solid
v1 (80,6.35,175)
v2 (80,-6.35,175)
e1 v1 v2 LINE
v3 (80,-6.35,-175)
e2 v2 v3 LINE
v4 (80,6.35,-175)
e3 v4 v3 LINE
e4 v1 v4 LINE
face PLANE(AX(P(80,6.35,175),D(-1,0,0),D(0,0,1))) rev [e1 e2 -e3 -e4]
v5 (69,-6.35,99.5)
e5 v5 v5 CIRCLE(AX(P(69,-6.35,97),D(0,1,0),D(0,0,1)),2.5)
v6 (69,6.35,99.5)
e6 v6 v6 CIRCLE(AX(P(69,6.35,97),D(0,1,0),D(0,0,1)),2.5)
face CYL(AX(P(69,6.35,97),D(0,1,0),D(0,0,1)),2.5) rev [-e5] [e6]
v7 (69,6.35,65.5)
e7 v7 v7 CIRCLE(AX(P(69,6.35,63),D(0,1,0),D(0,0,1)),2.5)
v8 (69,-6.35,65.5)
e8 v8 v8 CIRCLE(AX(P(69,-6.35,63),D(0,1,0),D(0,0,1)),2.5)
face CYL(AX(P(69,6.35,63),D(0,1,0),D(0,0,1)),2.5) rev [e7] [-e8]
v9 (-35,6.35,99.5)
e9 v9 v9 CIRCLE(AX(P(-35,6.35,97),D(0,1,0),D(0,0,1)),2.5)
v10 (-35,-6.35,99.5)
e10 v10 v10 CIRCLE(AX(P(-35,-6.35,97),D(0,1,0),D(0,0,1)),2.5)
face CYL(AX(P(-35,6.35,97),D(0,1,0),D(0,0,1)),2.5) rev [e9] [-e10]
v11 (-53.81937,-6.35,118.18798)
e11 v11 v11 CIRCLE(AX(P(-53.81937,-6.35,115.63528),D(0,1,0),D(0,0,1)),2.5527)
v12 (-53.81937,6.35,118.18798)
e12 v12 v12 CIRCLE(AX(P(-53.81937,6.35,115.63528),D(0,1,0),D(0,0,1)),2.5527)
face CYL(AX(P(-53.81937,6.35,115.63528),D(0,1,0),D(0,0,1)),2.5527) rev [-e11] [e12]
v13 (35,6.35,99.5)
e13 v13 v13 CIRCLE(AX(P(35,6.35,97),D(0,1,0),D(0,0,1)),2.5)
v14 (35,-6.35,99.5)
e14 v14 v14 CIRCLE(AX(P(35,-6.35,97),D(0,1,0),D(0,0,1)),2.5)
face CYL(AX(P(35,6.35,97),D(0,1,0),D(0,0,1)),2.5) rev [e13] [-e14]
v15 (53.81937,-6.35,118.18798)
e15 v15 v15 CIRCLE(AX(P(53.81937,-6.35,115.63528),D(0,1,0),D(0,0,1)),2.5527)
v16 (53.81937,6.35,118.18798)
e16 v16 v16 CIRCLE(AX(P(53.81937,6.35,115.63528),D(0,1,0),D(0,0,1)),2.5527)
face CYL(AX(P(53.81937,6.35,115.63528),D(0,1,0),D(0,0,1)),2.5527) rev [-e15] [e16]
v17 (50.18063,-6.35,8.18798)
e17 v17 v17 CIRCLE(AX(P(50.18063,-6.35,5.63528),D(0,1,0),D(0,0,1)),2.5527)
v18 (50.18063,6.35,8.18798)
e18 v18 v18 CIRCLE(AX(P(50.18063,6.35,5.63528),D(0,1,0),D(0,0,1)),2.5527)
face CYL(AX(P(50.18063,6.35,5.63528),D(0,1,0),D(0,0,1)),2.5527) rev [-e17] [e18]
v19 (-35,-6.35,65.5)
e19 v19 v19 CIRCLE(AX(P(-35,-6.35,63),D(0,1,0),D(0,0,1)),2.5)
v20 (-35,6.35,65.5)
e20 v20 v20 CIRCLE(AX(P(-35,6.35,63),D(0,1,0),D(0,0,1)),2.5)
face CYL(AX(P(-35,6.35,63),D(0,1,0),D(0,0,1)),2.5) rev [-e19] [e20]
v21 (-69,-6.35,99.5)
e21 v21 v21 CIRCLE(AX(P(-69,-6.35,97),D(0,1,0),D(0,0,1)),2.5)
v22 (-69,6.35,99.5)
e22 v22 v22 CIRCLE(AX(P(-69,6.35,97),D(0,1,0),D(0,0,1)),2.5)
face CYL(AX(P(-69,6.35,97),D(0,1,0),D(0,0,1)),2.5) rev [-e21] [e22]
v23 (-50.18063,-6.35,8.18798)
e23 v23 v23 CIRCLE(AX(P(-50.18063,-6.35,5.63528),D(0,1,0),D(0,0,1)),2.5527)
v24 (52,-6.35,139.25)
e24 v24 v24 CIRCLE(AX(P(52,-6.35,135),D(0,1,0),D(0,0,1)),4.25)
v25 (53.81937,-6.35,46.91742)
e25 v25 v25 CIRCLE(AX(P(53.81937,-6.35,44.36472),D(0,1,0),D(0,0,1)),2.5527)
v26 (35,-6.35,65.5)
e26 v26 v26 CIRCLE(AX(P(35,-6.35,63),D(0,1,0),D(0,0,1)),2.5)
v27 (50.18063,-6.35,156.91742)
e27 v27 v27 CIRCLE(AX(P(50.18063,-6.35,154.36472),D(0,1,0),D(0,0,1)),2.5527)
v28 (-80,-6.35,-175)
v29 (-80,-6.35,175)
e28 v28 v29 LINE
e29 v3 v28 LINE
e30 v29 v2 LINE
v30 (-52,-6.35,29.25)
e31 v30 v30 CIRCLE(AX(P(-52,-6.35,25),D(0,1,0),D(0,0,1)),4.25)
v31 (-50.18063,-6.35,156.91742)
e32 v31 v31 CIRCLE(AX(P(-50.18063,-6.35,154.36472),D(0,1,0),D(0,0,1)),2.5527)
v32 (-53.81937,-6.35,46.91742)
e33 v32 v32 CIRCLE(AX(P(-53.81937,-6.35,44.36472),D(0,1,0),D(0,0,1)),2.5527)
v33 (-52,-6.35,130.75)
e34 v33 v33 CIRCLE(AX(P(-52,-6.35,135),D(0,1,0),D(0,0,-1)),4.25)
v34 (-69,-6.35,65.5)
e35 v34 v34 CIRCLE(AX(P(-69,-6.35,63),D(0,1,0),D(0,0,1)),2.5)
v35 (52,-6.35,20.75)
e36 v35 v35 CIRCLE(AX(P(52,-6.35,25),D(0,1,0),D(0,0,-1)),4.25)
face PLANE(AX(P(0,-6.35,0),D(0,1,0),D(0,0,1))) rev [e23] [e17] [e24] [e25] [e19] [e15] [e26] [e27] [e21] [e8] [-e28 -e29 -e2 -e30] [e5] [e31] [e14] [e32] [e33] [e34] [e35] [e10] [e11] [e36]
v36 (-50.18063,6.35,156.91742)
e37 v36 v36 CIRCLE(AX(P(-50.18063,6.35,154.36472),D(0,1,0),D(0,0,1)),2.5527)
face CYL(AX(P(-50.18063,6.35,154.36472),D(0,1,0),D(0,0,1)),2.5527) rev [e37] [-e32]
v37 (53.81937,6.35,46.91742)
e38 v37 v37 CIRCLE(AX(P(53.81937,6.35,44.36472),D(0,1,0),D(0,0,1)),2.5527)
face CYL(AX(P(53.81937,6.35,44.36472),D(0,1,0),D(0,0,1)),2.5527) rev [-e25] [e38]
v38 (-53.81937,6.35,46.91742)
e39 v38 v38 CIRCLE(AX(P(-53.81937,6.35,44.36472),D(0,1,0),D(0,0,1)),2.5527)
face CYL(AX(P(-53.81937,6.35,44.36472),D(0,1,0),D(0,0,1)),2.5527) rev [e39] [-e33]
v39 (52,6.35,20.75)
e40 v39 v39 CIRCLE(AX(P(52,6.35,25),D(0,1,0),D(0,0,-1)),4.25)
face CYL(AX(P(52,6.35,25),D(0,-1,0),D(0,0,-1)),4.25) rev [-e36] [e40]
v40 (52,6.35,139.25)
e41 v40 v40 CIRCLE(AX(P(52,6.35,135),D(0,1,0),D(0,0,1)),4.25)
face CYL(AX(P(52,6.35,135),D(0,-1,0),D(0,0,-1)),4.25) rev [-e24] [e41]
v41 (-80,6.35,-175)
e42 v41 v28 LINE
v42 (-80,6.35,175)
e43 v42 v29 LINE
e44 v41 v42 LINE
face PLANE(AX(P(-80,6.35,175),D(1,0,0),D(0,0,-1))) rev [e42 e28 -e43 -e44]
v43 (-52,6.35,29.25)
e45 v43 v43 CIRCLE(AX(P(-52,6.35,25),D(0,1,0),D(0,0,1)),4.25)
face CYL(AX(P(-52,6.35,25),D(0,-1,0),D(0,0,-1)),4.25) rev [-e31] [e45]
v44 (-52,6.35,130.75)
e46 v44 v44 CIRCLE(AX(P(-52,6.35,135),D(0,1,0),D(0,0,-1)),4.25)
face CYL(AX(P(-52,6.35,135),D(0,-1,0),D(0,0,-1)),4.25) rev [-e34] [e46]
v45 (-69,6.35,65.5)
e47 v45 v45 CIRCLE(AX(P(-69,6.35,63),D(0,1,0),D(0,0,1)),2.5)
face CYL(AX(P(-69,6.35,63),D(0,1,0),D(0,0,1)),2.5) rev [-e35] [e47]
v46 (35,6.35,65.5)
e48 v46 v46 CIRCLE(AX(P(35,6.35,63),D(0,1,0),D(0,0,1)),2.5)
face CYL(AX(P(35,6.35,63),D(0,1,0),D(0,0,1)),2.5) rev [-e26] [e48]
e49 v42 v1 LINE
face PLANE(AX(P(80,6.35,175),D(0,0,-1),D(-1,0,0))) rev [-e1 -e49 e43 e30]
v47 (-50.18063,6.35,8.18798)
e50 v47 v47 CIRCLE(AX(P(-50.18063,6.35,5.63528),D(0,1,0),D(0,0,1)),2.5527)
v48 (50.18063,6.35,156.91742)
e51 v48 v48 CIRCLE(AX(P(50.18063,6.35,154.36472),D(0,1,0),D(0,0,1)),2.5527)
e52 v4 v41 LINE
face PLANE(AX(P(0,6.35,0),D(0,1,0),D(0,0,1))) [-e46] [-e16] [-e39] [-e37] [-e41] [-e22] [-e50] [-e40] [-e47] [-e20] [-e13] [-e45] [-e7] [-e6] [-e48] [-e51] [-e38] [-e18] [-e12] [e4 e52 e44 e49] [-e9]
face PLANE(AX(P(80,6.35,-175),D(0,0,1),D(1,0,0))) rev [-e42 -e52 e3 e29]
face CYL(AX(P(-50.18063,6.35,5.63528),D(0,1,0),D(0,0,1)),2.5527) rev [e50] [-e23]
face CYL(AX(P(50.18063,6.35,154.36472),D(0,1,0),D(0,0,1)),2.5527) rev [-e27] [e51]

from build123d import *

# Parameters (mm, degrees)
CROQUIS1_W                = 160
CROQUIS1_H                = 350
CROQUIS1_R                = 4.25
SALIENTE_EXTRUIR1_DEPTH   = 6.35
TALADRO_ROSCADO_1_4_201_D = 5.1054
TALADRO_ROSCADO_M6X1_01_D = 5


with BuildPart() as part:
    # Croquis1 → Saliente-Extruir1 (new, symmetric)
    with BuildSketch(Plane(origin=(0, 0, 0), x_dir=(1, 0, 0), z_dir=(0, 1, 0))):
        Rectangle(CROQUIS1_W, CROQUIS1_H)
        with Locations(Location((52, -135, 0), (0, 0, 270))):
            Circle(CROQUIS1_R, mode=Mode.SUBTRACT)
        with Locations(Location((52, -25, 0), (0, 0, 90))):
            Circle(CROQUIS1_R, mode=Mode.SUBTRACT)
        with Locations(Location((-52, -135, 0), (0, 0, 90))):
            Circle(CROQUIS1_R, mode=Mode.SUBTRACT)
        with Locations(Location((-52, -25, 0), (0, 0, 270))):
            Circle(CROQUIS1_R, mode=Mode.SUBTRACT)
    extrude(amount=SALIENTE_EXTRUIR1_DEPTH, both=True)

    # Taladro roscado 1/4-201 (through all)
    with Locations(Plane(origin=(0, 6.35, 0), x_dir=(1, 0, 0), z_dir=(0, 1, 0))):
        with Locations((50.180629632, -154.364720278), (53.819370368, -115.635279722), (50.180629632, -5.635279722), (53.819370368, -44.364720278), (-53.819370368, -44.364720278), (-50.180629632, -5.635279722), (-53.819370368, -115.635279722), (-50.180629632, -154.364720278)):
            Hole(TALADRO_ROSCADO_1_4_201_D / 2)

    # Taladro roscado M6x1.01 (through all)
    with Locations(Plane(origin=(0, 6.35, 0), x_dir=(1, 0, 0), z_dir=(0, 1, 0))):
        with Locations((69, -97), (35, -63), (35, -97), (69, -63), (-69, -63), (-35, -97), (-35, -63), (-69, -97)):
            Hole(TALADRO_ROSCADO_M6X1_01_D / 2)


solid = part.part
